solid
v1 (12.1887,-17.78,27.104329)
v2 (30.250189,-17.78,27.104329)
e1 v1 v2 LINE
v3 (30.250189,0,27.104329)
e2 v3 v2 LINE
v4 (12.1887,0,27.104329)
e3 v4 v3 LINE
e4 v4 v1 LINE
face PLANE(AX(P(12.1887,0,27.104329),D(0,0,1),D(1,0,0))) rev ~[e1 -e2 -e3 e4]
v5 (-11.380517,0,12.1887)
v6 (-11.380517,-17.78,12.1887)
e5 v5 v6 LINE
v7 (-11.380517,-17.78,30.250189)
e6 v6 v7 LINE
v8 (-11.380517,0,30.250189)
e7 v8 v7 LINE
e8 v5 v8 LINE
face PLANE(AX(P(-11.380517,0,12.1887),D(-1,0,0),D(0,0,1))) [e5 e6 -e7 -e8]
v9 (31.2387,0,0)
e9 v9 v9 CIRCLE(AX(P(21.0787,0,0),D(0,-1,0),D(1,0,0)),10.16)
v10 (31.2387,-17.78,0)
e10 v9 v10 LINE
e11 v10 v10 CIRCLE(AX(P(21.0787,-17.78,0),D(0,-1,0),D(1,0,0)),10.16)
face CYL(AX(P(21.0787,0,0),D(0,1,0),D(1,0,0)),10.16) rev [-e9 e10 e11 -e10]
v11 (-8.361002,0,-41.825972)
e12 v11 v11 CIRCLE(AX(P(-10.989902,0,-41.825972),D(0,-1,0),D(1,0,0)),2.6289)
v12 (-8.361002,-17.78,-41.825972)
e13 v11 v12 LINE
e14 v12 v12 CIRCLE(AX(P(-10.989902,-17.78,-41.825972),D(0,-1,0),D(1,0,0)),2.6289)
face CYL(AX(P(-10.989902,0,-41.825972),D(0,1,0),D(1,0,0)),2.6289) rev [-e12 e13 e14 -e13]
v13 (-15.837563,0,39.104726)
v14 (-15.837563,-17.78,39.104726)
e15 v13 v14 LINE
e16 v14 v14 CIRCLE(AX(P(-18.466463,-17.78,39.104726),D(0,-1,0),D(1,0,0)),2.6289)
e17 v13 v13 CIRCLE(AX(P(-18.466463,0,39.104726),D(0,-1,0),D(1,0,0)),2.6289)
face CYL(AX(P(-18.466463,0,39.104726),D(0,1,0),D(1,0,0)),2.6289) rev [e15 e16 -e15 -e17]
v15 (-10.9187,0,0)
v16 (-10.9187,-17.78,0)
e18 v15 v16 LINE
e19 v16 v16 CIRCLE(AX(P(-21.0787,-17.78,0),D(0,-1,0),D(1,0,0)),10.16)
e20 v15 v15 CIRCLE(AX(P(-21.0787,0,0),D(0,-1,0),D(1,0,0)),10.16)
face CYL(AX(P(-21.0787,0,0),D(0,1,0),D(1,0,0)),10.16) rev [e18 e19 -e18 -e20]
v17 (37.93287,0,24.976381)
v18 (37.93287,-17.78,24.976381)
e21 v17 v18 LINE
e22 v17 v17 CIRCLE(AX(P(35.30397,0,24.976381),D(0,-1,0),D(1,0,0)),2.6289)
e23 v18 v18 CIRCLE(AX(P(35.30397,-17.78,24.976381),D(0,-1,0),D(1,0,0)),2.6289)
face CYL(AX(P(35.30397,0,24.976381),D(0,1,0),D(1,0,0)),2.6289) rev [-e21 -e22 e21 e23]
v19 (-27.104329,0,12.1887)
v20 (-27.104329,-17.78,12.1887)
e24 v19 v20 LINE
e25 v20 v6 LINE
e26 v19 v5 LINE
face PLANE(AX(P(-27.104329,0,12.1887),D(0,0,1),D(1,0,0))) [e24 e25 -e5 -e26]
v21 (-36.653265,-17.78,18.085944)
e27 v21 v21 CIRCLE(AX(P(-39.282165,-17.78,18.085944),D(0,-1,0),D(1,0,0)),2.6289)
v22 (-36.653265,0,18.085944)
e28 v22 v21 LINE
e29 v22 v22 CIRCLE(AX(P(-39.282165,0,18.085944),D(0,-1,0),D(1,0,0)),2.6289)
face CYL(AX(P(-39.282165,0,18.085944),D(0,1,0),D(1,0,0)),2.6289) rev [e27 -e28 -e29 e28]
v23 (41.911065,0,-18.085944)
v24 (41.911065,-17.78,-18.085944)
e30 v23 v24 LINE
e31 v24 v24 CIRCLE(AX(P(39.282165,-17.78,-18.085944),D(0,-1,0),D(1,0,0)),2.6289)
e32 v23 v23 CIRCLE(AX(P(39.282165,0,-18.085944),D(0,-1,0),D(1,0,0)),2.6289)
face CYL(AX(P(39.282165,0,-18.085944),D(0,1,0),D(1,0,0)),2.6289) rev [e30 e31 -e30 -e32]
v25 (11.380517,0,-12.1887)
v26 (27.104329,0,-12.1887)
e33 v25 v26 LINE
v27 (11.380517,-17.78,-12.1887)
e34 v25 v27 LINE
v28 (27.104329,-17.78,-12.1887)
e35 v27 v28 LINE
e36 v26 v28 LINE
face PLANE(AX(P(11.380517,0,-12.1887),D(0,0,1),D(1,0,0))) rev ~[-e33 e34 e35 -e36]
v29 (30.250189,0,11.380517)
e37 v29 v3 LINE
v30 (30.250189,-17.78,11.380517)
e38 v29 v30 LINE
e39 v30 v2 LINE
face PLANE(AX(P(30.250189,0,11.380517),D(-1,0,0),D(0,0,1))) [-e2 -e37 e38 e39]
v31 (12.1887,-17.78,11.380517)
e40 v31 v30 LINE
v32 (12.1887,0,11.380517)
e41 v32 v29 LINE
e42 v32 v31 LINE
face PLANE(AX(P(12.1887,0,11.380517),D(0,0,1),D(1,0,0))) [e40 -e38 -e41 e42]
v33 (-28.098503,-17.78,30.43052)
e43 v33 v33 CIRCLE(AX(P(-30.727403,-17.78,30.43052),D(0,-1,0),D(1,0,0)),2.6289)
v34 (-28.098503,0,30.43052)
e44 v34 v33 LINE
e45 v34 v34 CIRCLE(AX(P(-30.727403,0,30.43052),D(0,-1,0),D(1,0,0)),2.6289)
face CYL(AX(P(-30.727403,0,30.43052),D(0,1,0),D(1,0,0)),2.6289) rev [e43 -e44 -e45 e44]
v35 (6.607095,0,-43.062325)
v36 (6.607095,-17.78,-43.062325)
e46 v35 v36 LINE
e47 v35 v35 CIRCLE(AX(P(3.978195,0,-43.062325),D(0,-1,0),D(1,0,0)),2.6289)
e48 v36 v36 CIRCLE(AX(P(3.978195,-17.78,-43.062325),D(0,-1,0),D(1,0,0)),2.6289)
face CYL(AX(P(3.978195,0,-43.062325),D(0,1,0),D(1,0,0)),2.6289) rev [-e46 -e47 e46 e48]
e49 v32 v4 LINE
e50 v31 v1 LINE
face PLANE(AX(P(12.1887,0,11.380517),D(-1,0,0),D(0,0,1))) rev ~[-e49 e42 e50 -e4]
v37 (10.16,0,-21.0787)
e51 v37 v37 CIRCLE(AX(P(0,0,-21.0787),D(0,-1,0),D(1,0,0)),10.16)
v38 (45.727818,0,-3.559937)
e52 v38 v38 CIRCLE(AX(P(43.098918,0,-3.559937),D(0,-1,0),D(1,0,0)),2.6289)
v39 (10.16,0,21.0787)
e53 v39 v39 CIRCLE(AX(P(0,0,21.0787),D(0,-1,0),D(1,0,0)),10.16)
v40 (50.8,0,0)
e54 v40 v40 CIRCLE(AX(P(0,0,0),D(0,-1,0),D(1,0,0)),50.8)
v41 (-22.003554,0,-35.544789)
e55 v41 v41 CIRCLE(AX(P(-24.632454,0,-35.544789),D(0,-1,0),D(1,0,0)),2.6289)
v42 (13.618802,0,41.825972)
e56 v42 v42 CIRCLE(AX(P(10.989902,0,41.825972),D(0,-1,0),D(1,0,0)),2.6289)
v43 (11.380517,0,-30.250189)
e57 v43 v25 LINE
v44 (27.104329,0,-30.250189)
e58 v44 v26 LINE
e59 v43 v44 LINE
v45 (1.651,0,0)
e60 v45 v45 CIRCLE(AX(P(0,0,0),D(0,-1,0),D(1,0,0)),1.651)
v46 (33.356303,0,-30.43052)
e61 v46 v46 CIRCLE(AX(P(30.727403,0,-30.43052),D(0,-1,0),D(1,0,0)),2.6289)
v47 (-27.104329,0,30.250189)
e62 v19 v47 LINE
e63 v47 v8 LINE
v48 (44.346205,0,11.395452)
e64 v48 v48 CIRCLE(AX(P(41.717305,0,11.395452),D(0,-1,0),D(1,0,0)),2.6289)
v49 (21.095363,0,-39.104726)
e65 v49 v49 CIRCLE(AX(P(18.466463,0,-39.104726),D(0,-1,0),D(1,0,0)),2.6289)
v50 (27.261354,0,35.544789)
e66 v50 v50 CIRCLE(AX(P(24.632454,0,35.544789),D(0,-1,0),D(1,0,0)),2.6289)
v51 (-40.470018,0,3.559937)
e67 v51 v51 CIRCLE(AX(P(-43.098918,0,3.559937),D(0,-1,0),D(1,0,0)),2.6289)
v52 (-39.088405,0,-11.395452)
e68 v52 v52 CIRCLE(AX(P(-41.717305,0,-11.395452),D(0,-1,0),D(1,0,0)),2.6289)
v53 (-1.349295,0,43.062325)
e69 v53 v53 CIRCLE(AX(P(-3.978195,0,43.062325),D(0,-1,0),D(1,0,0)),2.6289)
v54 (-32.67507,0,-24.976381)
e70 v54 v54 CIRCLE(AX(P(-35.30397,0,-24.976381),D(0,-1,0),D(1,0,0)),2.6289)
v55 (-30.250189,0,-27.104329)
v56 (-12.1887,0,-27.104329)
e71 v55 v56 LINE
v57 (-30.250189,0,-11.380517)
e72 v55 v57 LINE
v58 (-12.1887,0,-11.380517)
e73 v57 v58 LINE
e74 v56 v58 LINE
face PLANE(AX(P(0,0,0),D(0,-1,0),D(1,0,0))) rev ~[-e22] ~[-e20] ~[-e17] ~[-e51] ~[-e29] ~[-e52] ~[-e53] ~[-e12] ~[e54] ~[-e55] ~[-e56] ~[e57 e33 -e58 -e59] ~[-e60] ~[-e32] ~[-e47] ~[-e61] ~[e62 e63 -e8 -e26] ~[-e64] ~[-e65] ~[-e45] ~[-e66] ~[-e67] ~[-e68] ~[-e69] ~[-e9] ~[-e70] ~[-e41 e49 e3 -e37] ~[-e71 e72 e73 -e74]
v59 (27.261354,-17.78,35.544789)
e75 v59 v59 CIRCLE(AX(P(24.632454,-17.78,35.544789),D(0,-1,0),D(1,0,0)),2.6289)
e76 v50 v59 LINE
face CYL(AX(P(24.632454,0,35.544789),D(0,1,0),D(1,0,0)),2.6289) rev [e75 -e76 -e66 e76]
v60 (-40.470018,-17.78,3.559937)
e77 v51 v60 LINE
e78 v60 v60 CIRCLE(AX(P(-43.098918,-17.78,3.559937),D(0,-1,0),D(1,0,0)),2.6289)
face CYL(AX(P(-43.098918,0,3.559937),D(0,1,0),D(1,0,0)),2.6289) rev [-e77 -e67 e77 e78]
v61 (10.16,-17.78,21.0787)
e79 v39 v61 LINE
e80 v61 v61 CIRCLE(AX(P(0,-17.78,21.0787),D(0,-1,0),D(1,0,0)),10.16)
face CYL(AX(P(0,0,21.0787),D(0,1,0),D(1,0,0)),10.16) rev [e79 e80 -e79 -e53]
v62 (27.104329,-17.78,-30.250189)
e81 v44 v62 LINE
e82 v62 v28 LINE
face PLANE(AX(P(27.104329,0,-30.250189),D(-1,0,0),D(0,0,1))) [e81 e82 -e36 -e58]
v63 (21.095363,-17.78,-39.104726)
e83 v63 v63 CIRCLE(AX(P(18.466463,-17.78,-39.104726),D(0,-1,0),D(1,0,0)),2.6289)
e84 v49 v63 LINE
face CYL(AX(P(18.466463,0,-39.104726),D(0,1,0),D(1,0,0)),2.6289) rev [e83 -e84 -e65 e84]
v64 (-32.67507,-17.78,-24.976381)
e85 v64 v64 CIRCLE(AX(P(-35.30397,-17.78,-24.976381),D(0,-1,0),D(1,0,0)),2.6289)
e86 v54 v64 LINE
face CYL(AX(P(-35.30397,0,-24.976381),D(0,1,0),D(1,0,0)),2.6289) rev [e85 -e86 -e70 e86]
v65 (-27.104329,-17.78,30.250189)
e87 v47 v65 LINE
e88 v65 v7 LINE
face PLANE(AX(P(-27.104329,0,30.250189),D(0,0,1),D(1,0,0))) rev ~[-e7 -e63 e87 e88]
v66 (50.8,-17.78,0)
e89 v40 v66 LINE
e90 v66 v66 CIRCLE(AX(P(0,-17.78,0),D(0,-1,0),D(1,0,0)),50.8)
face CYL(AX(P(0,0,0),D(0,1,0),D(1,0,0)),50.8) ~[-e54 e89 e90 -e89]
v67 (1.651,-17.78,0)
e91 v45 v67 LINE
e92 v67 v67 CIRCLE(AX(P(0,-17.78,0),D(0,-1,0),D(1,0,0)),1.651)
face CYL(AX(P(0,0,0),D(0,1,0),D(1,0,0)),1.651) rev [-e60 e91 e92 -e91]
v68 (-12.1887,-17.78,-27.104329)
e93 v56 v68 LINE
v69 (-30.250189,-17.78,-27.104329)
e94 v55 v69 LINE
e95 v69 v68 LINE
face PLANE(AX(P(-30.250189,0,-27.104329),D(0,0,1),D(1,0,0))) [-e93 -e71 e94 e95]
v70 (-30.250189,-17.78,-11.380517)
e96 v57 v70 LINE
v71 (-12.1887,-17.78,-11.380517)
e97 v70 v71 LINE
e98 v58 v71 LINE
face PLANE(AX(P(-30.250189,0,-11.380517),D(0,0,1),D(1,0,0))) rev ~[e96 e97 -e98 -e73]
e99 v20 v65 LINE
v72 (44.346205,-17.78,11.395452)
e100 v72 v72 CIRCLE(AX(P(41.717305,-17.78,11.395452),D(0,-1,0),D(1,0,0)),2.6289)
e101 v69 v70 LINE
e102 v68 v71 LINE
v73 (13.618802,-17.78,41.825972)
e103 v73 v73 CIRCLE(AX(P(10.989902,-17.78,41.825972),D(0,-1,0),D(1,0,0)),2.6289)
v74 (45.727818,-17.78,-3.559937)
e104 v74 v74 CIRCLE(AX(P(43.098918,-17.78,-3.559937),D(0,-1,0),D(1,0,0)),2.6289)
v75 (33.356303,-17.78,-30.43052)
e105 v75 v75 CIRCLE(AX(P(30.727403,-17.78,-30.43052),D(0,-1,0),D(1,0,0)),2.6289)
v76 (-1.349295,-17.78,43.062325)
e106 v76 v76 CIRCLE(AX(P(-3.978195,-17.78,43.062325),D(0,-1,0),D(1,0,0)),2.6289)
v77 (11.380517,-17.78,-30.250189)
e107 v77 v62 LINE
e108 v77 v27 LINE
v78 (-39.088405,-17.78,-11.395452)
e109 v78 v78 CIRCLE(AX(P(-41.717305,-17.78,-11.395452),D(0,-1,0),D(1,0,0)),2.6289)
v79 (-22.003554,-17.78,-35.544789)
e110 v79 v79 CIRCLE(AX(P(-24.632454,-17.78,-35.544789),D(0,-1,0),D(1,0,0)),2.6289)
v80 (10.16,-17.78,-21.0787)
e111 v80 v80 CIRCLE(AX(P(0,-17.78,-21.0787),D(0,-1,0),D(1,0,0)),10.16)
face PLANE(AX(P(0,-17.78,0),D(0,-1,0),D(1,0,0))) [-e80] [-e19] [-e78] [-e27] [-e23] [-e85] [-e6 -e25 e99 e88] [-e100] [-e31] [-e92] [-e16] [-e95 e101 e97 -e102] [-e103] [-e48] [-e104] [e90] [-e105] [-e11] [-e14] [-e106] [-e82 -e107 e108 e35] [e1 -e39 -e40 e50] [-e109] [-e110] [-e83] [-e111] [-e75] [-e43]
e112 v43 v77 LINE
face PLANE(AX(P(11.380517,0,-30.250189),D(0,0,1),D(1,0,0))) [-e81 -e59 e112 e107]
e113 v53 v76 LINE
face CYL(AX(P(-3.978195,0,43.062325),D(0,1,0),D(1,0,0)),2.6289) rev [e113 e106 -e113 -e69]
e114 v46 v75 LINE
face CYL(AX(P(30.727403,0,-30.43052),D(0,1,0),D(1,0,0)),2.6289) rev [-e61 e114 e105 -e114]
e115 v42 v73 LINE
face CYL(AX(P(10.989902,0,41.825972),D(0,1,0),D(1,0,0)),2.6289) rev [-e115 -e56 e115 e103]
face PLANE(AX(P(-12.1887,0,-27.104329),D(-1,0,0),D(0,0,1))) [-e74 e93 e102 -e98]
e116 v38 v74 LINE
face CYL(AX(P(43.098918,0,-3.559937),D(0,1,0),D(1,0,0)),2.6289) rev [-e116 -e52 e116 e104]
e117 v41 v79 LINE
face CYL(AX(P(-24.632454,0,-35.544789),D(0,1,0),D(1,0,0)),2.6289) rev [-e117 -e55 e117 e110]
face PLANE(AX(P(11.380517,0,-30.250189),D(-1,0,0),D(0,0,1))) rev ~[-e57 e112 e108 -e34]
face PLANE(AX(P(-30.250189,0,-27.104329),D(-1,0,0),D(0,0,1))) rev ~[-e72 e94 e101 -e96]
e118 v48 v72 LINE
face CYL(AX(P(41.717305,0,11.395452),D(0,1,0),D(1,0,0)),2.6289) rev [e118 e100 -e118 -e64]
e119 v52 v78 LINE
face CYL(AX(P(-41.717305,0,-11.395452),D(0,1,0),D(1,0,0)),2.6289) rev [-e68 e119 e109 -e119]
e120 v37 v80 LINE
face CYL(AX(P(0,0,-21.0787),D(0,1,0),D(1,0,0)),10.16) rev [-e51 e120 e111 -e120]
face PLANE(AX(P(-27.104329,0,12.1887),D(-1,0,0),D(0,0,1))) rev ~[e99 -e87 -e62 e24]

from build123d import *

# Parameters (mm, degrees)
F0_R     = 50.8
F0_R_2   = 2.6289
F0_W     = 18.061489
F0_H     = 15.723812
F0_R_3   = 10.16
F0_R_4   = 1.651
F0_W_2   = 15.723812
F0_H_2   = 18.061489
F1_DEPTH = 17.78


with BuildPart() as f1:
    # F0 (on Front) → F1 (new body)
    with BuildSketch(Plane.XZ):
        Circle(F0_R)
        with Locations((-10.989902, -41.825972)):
            Circle(F0_R_2, mode=Mode.SUBTRACT)
        with Locations((-24.632454, -35.544789)):
            Circle(F0_R_2, mode=Mode.SUBTRACT)
        with Locations((-35.30397, -24.976381)):
            Circle(F0_R_2, mode=Mode.SUBTRACT)
        with Locations((-41.717305, -11.395452)):
            Circle(F0_R_2, mode=Mode.SUBTRACT)
        with Locations((-21.219444, -19.242423)):
            Rectangle(F0_W, F0_H, mode=Mode.SUBTRACT)
        with Locations((0, -21.0787)):
            Circle(F0_R_3, mode=Mode.SUBTRACT)
        with Locations((-21.0787, 0)):
            Circle(F0_R_3, mode=Mode.SUBTRACT)
        Circle(F0_R_4, mode=Mode.SUBTRACT)
        with Locations((3.978195, -43.062325)):
            Circle(F0_R_2, mode=Mode.SUBTRACT)
        with Locations((18.466463, -39.104726)):
            Circle(F0_R_2, mode=Mode.SUBTRACT)
        with Locations((30.727403, -30.43052)):
            Circle(F0_R_2, mode=Mode.SUBTRACT)
        with Locations((19.242423, -21.219444)):
            Rectangle(F0_W_2, F0_H_2, mode=Mode.SUBTRACT)
        with Locations((21.0787, 0)):
            Circle(F0_R_3, mode=Mode.SUBTRACT)
        with Locations((39.282165, -18.085944)):
            Circle(F0_R_2, mode=Mode.SUBTRACT)
        with Locations((43.098918, -3.559937)):
            Circle(F0_R_2, mode=Mode.SUBTRACT)
        with Locations((-43.098918, 3.559937)):
            Circle(F0_R_2, mode=Mode.SUBTRACT)
        with Locations((-39.282165, 18.085944)):
            Circle(F0_R_2, mode=Mode.SUBTRACT)
        with Locations((-19.242423, 21.219444)):
            Rectangle(F0_W_2, F0_H_2, mode=Mode.SUBTRACT)
        with Locations((0, 21.0787)):
            Circle(F0_R_3, mode=Mode.SUBTRACT)
        with Locations((-30.727403, 30.43052)):
            Circle(F0_R_2, mode=Mode.SUBTRACT)
        with Locations((-18.466463, 39.104726)):
            Circle(F0_R_2, mode=Mode.SUBTRACT)
        with Locations((-3.978195, 43.062325)):
            Circle(F0_R_2, mode=Mode.SUBTRACT)
        with Locations((21.219444, 19.242423)):
            Rectangle(F0_W, F0_H, mode=Mode.SUBTRACT)
        with Locations((41.717305, 11.395452)):
            Circle(F0_R_2, mode=Mode.SUBTRACT)
        with Locations((35.30397, 24.976381)):
            Circle(F0_R_2, mode=Mode.SUBTRACT)
        with Locations((24.632454, 35.544789)):
            Circle(F0_R_2, mode=Mode.SUBTRACT)
        with Locations((10.989902, 41.825972)):
            Circle(F0_R_2, mode=Mode.SUBTRACT)
    extrude(amount=F1_DEPTH)


solid = f1.part
